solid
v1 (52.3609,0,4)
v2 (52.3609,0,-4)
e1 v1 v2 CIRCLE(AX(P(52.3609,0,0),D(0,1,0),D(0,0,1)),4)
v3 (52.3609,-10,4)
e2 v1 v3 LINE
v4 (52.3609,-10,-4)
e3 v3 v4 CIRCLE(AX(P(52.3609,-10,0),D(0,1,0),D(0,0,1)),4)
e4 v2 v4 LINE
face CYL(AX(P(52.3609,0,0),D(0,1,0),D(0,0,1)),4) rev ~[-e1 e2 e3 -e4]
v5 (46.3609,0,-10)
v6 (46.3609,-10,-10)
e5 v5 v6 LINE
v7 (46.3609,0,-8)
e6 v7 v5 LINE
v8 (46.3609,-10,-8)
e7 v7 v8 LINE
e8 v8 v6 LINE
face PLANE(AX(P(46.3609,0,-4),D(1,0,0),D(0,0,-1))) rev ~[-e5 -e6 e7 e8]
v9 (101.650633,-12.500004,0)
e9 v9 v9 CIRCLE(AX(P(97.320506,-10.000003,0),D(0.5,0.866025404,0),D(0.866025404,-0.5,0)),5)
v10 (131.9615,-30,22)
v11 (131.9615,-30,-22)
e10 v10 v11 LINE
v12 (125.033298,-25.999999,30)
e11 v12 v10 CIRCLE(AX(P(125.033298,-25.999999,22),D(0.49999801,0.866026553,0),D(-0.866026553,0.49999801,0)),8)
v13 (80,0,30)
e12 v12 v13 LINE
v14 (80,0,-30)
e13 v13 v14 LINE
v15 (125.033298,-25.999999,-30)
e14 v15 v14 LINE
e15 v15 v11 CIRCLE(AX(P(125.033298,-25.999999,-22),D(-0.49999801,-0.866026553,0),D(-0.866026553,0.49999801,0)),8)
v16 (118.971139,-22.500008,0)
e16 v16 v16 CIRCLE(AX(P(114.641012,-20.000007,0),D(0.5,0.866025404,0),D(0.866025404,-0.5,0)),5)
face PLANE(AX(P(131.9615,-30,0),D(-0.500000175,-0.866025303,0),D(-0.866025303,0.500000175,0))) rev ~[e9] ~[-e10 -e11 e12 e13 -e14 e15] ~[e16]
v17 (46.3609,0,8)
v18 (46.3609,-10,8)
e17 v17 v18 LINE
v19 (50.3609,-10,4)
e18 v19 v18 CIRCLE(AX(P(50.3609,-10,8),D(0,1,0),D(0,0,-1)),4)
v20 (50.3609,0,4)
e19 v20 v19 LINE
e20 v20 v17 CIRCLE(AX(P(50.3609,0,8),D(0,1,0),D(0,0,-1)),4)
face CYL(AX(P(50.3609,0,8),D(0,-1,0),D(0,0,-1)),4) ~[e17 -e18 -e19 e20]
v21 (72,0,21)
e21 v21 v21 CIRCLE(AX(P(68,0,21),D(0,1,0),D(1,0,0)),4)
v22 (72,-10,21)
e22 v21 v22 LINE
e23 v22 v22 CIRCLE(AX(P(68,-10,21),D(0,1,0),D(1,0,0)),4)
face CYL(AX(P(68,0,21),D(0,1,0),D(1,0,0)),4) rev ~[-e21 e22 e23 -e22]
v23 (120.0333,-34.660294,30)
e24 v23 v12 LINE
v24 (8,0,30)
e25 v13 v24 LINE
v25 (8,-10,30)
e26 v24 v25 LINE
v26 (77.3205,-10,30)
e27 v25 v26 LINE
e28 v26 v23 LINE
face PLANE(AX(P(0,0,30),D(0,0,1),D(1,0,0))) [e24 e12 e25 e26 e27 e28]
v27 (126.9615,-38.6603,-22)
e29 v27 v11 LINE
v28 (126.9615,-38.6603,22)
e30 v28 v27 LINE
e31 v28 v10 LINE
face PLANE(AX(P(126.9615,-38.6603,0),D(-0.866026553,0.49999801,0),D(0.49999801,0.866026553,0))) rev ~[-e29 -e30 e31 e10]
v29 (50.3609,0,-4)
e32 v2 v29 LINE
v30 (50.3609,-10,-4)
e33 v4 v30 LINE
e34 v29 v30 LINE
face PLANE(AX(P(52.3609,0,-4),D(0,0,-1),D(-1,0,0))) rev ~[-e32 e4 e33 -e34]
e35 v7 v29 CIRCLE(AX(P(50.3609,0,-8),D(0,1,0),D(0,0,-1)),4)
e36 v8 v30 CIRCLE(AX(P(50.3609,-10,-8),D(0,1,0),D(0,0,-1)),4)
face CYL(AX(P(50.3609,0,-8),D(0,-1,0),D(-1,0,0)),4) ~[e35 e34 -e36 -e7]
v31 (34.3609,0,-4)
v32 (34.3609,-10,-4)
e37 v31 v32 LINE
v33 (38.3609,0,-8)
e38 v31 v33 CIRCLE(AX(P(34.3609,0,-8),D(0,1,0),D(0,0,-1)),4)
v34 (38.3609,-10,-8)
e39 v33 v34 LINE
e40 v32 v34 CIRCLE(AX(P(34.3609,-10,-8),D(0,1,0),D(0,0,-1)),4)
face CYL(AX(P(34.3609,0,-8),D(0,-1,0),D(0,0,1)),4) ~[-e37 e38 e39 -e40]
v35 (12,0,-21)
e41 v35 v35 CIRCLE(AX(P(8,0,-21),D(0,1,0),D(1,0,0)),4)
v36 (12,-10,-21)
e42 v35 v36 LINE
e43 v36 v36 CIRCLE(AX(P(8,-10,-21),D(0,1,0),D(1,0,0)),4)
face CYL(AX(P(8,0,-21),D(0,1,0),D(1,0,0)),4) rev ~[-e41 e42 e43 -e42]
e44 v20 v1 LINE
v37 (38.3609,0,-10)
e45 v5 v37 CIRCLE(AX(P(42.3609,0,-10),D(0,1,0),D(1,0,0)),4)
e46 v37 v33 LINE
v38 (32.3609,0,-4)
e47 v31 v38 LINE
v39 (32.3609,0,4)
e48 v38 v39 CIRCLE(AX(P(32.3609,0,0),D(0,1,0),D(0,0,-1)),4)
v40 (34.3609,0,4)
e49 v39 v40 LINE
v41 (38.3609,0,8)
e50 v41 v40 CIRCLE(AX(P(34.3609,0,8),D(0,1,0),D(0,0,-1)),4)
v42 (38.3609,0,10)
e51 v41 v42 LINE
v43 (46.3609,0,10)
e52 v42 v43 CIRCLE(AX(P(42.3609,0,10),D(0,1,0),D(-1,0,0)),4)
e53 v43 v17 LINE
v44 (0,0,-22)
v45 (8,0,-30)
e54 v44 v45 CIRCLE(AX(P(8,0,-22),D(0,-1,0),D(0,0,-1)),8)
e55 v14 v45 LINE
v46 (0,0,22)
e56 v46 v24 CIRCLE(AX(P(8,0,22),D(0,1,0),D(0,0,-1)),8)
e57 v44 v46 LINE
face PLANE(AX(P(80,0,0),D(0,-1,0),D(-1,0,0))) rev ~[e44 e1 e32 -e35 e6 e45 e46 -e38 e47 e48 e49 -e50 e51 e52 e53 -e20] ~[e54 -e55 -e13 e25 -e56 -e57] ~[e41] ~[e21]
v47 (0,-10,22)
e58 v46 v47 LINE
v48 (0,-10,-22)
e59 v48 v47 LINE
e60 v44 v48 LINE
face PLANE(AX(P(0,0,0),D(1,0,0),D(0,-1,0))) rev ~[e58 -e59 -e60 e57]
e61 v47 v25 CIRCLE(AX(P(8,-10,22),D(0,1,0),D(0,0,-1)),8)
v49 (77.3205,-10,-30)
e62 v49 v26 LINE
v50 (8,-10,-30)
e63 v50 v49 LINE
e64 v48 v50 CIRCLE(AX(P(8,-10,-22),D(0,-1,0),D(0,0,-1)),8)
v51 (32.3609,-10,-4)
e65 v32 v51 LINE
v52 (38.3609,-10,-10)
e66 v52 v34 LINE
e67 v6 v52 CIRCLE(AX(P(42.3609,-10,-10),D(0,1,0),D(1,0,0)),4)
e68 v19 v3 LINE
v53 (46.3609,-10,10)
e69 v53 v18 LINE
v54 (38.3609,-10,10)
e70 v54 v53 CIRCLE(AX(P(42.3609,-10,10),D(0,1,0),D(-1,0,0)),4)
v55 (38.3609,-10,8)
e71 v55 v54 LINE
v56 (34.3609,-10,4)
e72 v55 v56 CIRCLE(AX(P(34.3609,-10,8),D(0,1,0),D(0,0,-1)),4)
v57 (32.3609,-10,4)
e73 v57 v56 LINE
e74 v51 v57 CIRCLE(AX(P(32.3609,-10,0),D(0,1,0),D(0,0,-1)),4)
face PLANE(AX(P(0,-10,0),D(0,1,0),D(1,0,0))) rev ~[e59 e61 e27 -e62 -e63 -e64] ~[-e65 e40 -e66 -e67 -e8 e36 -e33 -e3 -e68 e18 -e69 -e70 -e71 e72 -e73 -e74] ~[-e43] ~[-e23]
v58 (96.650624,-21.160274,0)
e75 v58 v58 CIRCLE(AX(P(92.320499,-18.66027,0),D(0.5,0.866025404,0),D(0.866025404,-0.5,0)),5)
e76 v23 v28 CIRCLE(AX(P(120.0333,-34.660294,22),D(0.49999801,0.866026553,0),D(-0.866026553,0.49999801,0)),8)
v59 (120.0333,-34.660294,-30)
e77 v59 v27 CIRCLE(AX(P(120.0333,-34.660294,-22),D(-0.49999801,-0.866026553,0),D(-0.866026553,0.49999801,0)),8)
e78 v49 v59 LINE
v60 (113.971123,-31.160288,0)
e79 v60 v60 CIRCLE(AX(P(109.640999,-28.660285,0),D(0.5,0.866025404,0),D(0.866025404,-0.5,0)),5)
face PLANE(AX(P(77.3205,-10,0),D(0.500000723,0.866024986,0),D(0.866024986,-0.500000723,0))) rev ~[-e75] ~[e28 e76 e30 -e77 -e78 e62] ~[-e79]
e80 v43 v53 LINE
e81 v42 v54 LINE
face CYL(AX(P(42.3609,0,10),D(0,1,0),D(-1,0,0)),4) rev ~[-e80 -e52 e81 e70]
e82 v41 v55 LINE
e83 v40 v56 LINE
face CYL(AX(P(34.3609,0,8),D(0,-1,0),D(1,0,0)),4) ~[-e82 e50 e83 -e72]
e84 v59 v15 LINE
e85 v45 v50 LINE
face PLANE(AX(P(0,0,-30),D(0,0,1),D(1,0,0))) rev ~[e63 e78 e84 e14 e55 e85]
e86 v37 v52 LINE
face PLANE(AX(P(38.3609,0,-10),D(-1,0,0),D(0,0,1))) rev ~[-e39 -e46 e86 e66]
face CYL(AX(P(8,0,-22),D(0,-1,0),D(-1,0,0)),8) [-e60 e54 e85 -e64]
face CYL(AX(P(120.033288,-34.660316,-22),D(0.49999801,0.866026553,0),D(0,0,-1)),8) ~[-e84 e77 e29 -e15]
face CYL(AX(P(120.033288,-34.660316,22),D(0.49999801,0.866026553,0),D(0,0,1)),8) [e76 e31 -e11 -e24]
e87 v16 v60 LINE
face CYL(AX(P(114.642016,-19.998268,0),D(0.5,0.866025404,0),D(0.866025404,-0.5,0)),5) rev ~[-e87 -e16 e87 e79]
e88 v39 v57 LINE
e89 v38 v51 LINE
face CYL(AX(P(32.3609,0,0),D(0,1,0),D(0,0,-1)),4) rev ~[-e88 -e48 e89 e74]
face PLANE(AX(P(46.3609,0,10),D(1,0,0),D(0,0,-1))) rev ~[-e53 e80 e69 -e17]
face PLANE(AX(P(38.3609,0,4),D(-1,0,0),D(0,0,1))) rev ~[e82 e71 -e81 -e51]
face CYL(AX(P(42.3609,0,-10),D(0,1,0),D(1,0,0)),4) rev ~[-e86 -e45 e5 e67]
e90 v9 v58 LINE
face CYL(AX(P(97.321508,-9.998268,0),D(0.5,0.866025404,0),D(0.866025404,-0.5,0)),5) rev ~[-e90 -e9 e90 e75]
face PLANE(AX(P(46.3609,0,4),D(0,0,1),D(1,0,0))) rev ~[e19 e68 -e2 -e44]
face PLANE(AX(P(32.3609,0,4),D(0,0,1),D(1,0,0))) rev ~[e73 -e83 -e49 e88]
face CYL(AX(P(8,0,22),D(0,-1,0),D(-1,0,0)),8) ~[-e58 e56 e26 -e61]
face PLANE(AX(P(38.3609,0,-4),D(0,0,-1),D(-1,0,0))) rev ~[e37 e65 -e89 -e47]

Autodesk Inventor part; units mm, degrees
ref_plane "YZ Plane" through (0, 0, 0) normal (1, 0, 0) x (0, 1, 0)
ref_plane "XZ Plane" through (0, 0, 0) normal (0, 1, 0) x (-1, 0, 0)
ref_plane "XY Plane" through (0, 0, 0) normal (0, 0, 1) x (1, 0, 0)
sketch "스케치1" plane through (0, 0, 0) normal (0, 0, 1) x (1, 0, 0)
  line L0 (0, 0) -> (0, -10)
  line L1 (0, -10) -> (77.3205, -10)
  line L2 (77.3205, -10) -> (126.9615, -38.6603)
  line L3 (126.9615, -38.6603) -> (131.9615, -30)
  line L4 (131.9615, -30) -> (80, 0)
  line L5 (80, 0) -> (0, 0)
  dimension "d0" = 10
  dimension "d1" = 80
  dimension "d2" = 60
  dimension "d4" = 150
  dimension "d5" = 10
extrude "돌출1" add sketch "스케치1" along normal mid plane 60
fillet "모깎기1" radius 8 2 edges at (0, -5, 30) (0, -5, -30)
fillet "모깎기2" radius 8 2 edges at (129.4615, -34.3301, 30) (129.4615, -34.3301, -30)
sketch "스케치2" plane through (80, 0, 30) normal (0.5, 0.866, 0) x (0.866, -0.5, 0)
  circle A0 centre (20, 30) radius 5
  circle A1 centre (40, 30) radius 5
  line L0 (60, 52) -> (60, 8) projected
  line L1 (52, 0) -> (0, 0) projected
  point P0 (-69.282, 30)
  dimension "d10" = 10
  dimension "d11" = 10
  dimension "d12" = 20
  dimension "d13" = 20
  dimension "d14" = 30
  dimension "d15" = 30
extrude "돌출2" cut sketch "스케치2" against normal blind 60
sketch "스케치3" plane through (80, 0, 30) normal (0, 1, 0) x (1, 0, 0)
  line L0 (-47.6391, 30) -> (-27.6391, 30) construction
  line L1 (-47.6391, 26) -> (-27.6391, 26)
  line L2 (-27.6391, 34) -> (-47.6391, 34)
  arc A0 (-47.6391, 34) -> (-47.6391, 26) centre (-47.6391, 30) ccw
  arc A1 (-27.6391, 26) -> (-27.6391, 34) centre (-27.6391, 30) ccw
  line L3 (-37.6391, 40) -> (-37.6391, 20) construction
  line L4 (-41.6391, 40) -> (-41.6391, 20)
  line L5 (-33.6391, 20) -> (-33.6391, 40)
  arc A2 (-33.6391, 40) -> (-41.6391, 40) centre (-37.6391, 40) ccw
  arc A3 (-41.6391, 20) -> (-33.6391, 20) centre (-37.6391, 20) ccw
  line L6 (-72, 60) -> (0, 60) projected
  circle A4 centre (-72, 51) radius 4
  circle A5 centre (-12, 9) radius 4
  point P0 (-80, 30)
  point P1 (-37.6391, 30)
  point P2 (-37.6391, 30)
  point P3 (-41.6391, 26)
  point P4 (-33.6391, 26)
  point P5 (-33.6391, 34)
  point P6 (-41.6391, 34)
  dimension "d18" = 20
  dimension "d19" = 20
  dimension "d20" = 30
  dimension "d21" = 30
  dimension "d22" = 8
  dimension "d23" = 8
  dimension "d24" = 60
  dimension "d25" = 42
  dimension "d26" = 9
  dimension "d28" = 8
  dimension "d29" = 8
extrude "돌출3" cut sketch "스케치3" against normal blind 60
fillet "모깎기3" radius 4 4 edges at (38.3609, -5, -4) (38.3609, -5, 4) (46.3609, -5, 4) (46.3609, -5, -4)
properties part number "2번"
